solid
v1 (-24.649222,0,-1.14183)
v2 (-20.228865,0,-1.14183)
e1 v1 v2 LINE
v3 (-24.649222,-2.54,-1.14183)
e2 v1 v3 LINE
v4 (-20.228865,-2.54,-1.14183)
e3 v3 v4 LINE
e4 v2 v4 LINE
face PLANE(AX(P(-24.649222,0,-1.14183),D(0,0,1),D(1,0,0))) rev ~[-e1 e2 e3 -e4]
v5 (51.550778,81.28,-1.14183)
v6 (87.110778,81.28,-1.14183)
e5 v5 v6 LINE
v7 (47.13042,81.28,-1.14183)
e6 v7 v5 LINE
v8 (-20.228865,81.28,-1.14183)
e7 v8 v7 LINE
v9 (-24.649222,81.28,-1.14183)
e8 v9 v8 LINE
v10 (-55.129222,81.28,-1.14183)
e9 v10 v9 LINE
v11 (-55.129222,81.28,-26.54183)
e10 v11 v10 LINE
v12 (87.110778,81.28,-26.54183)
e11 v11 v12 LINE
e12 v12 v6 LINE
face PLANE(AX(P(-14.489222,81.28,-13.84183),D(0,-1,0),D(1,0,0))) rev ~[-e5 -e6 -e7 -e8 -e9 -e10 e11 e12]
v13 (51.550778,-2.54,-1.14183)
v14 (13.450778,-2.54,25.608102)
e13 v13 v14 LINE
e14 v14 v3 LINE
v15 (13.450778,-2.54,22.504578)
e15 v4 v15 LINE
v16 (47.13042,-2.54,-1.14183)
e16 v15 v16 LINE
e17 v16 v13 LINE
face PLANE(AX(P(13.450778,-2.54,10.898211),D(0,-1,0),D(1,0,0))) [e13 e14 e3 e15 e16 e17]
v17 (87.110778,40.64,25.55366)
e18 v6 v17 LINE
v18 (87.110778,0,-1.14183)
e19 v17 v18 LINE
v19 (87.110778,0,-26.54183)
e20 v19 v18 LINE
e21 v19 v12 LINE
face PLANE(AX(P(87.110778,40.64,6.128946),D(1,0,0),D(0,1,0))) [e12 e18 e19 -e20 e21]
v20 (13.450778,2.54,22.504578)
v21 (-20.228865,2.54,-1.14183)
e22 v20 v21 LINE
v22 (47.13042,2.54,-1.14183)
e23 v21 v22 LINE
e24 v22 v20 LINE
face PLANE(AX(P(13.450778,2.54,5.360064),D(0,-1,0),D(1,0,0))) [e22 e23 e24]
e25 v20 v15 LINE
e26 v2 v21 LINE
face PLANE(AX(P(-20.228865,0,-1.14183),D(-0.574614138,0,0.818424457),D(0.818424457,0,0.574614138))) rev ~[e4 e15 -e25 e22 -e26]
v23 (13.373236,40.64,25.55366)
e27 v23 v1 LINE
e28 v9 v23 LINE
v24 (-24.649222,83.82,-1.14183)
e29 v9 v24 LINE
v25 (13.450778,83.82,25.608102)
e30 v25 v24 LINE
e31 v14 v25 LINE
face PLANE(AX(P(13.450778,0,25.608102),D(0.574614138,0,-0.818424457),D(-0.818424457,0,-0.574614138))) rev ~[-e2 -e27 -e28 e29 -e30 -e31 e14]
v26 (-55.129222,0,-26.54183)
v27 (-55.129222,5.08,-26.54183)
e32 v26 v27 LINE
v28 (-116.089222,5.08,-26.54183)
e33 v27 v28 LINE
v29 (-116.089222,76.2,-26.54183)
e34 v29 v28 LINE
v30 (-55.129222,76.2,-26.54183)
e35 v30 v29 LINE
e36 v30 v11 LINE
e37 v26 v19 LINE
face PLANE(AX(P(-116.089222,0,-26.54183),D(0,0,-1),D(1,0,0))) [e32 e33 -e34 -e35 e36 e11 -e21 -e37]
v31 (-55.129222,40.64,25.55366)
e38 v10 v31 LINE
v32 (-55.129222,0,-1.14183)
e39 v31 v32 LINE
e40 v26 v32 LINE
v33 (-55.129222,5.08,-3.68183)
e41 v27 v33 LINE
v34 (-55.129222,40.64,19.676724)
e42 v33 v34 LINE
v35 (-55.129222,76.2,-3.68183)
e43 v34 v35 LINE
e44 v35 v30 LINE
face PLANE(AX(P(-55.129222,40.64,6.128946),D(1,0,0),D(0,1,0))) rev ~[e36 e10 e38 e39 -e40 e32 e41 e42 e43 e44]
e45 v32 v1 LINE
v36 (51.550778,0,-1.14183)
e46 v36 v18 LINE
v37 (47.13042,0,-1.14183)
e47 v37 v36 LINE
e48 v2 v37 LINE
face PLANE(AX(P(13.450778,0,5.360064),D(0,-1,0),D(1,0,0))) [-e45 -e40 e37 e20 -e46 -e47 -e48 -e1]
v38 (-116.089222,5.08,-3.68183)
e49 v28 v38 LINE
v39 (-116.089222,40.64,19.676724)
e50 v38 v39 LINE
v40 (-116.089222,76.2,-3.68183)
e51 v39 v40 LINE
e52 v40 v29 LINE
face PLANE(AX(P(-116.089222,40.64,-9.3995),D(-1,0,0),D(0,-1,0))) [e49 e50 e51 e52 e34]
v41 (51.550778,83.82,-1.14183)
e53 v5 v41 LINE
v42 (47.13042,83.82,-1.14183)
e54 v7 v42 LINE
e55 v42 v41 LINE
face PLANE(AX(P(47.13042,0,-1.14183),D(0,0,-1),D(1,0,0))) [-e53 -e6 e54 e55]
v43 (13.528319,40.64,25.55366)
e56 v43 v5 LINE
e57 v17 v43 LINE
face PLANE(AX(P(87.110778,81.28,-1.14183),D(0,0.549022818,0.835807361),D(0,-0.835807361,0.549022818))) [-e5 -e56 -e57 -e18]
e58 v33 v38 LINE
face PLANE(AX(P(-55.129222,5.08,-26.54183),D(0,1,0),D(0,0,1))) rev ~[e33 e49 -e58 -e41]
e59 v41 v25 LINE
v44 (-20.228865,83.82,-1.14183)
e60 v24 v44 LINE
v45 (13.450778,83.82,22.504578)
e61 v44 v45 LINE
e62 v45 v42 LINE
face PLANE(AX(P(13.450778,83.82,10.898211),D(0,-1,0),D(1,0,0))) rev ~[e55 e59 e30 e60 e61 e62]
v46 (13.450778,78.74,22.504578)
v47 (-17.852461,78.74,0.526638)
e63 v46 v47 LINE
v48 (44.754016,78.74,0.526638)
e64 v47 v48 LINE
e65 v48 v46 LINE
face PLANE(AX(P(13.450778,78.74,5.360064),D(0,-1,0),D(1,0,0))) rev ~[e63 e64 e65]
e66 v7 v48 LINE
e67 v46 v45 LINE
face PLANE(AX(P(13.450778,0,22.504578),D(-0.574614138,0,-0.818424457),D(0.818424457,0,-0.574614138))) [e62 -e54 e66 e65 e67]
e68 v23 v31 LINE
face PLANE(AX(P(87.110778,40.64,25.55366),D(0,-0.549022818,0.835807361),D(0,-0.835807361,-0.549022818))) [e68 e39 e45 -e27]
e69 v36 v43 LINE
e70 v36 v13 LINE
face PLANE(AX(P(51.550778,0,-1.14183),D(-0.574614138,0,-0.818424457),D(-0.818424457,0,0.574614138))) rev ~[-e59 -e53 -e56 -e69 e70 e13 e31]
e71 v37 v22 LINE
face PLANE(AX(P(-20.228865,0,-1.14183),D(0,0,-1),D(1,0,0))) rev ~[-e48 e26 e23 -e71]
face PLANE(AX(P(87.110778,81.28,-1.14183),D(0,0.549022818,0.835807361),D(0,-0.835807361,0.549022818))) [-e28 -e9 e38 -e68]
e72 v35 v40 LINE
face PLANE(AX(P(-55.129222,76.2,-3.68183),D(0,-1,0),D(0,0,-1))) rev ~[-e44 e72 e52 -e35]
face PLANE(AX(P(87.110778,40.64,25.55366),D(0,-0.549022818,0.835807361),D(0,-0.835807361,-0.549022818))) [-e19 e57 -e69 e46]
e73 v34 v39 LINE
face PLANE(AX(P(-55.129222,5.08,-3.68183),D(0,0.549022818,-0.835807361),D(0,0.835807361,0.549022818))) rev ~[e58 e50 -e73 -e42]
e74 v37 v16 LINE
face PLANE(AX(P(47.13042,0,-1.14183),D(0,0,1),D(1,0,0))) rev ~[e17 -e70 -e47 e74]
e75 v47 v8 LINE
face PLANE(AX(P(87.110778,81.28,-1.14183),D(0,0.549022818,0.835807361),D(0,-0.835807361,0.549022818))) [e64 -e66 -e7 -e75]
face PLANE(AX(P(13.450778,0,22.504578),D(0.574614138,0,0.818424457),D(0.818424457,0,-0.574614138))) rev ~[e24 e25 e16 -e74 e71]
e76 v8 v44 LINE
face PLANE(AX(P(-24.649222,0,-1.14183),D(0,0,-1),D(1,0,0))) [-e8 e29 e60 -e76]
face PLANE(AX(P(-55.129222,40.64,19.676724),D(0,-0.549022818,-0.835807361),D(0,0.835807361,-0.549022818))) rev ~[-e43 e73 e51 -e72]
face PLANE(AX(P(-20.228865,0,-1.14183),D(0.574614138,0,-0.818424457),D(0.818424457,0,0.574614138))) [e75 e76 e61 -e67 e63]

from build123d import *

# Parameters (mm, degrees)
F0_W      = 203.2
F0_H      = 25.4
F1_DEPTH  = 81.28
F3_DEPTH  = 203.2
F5_DEPTH  = 83.82
F6_DEPTH  = 78.74
F7_DEPTH  = 2.54
F8_DEPTH  = 2.54
F9_DEPTH  = 60.96
F11_DEPTH = 60.96


with BuildPart() as f1:
    # F0 (on Front) → F1 (new body)
    with BuildSketch(Plane.XZ):
        with Locations((-14.4892223179, -13.8418302595)):
            Rectangle(F0_W, F0_H)
    extrude(amount=-F1_DEPTH)

    # F2 (on face) → F3 (join)
    with BuildSketch(Plane.YZ.offset(87.1107776821)):
        Polygon((0, -1.1418302595), (81.28, -1.1418302595), (40.64, 25.5536600589), align=None)
    extrude(amount=-F3_DEPTH)

    # F4 (on face) → F5 (join)
    with BuildSketch(Plane.XZ):
        Polygon((13.4507776821, 25.6081018597), (-24.6492223179, -1.1418302595), (-20.2288646721, -1.1418302595), (13.4507776821, 22.5045777922), (47.1304200362, -1.1418302595), (51.5507776821, -1.1418302595), align=None)
    extrude(amount=-F5_DEPTH)

    # F4 (on face) → F6 (join)
    with BuildSketch(Plane.XZ):
        Polygon((13.4507776821, 22.5045777922), (-20.2288646721, -1.1418302595), (47.1304200362, -1.1418302595), align=None)
    extrude(amount=-F6_DEPTH)

    # F4 (on face) → F7 (cut)
    with BuildSketch(Plane.XZ):
        Polygon((13.4507776821, 22.5045777922), (-20.2288646721, -1.1418302595), (47.1304200362, -1.1418302595), align=None)
    extrude(amount=-F7_DEPTH, mode=Mode.SUBTRACT)

    # F4 (on face) → F8 (join)
    with BuildSketch(Plane.XZ):
        Polygon((13.4507776821, 25.6081018597), (-24.6492223179, -1.1418302595), (-20.2288646721, -1.1418302595), (13.4507776821, 22.5045777922), (47.1304200362, -1.1418302595), (51.5507776821, -1.1418302595), align=None)
    extrude(amount=F8_DEPTH)

    # F9 (cut): a face of the model
    f9_faces = [f1.faces().sort_by_distance(p)[0] for p in [
        (-116.0892223179, 40.64, -6.4016236214),
    ]]
    extrude(f9_faces, amount=-F9_DEPTH, mode=Mode.SUBTRACT)

    # F10 (on face) → F11 (join)
    with BuildSketch(Plane(origin=(-55.1292223179, 0, 0), x_dir=(0, -1, 0), z_dir=(-1, 0, 0))):
        Polygon((-40.64, 19.6767237691), (-76.2, -3.6818302595), (-76.2, -26.5418302595), (-5.08, -26.5418302595), (-5.08, -3.6818302595), align=None)
    extrude(amount=F11_DEPTH)


solid = f1.part
